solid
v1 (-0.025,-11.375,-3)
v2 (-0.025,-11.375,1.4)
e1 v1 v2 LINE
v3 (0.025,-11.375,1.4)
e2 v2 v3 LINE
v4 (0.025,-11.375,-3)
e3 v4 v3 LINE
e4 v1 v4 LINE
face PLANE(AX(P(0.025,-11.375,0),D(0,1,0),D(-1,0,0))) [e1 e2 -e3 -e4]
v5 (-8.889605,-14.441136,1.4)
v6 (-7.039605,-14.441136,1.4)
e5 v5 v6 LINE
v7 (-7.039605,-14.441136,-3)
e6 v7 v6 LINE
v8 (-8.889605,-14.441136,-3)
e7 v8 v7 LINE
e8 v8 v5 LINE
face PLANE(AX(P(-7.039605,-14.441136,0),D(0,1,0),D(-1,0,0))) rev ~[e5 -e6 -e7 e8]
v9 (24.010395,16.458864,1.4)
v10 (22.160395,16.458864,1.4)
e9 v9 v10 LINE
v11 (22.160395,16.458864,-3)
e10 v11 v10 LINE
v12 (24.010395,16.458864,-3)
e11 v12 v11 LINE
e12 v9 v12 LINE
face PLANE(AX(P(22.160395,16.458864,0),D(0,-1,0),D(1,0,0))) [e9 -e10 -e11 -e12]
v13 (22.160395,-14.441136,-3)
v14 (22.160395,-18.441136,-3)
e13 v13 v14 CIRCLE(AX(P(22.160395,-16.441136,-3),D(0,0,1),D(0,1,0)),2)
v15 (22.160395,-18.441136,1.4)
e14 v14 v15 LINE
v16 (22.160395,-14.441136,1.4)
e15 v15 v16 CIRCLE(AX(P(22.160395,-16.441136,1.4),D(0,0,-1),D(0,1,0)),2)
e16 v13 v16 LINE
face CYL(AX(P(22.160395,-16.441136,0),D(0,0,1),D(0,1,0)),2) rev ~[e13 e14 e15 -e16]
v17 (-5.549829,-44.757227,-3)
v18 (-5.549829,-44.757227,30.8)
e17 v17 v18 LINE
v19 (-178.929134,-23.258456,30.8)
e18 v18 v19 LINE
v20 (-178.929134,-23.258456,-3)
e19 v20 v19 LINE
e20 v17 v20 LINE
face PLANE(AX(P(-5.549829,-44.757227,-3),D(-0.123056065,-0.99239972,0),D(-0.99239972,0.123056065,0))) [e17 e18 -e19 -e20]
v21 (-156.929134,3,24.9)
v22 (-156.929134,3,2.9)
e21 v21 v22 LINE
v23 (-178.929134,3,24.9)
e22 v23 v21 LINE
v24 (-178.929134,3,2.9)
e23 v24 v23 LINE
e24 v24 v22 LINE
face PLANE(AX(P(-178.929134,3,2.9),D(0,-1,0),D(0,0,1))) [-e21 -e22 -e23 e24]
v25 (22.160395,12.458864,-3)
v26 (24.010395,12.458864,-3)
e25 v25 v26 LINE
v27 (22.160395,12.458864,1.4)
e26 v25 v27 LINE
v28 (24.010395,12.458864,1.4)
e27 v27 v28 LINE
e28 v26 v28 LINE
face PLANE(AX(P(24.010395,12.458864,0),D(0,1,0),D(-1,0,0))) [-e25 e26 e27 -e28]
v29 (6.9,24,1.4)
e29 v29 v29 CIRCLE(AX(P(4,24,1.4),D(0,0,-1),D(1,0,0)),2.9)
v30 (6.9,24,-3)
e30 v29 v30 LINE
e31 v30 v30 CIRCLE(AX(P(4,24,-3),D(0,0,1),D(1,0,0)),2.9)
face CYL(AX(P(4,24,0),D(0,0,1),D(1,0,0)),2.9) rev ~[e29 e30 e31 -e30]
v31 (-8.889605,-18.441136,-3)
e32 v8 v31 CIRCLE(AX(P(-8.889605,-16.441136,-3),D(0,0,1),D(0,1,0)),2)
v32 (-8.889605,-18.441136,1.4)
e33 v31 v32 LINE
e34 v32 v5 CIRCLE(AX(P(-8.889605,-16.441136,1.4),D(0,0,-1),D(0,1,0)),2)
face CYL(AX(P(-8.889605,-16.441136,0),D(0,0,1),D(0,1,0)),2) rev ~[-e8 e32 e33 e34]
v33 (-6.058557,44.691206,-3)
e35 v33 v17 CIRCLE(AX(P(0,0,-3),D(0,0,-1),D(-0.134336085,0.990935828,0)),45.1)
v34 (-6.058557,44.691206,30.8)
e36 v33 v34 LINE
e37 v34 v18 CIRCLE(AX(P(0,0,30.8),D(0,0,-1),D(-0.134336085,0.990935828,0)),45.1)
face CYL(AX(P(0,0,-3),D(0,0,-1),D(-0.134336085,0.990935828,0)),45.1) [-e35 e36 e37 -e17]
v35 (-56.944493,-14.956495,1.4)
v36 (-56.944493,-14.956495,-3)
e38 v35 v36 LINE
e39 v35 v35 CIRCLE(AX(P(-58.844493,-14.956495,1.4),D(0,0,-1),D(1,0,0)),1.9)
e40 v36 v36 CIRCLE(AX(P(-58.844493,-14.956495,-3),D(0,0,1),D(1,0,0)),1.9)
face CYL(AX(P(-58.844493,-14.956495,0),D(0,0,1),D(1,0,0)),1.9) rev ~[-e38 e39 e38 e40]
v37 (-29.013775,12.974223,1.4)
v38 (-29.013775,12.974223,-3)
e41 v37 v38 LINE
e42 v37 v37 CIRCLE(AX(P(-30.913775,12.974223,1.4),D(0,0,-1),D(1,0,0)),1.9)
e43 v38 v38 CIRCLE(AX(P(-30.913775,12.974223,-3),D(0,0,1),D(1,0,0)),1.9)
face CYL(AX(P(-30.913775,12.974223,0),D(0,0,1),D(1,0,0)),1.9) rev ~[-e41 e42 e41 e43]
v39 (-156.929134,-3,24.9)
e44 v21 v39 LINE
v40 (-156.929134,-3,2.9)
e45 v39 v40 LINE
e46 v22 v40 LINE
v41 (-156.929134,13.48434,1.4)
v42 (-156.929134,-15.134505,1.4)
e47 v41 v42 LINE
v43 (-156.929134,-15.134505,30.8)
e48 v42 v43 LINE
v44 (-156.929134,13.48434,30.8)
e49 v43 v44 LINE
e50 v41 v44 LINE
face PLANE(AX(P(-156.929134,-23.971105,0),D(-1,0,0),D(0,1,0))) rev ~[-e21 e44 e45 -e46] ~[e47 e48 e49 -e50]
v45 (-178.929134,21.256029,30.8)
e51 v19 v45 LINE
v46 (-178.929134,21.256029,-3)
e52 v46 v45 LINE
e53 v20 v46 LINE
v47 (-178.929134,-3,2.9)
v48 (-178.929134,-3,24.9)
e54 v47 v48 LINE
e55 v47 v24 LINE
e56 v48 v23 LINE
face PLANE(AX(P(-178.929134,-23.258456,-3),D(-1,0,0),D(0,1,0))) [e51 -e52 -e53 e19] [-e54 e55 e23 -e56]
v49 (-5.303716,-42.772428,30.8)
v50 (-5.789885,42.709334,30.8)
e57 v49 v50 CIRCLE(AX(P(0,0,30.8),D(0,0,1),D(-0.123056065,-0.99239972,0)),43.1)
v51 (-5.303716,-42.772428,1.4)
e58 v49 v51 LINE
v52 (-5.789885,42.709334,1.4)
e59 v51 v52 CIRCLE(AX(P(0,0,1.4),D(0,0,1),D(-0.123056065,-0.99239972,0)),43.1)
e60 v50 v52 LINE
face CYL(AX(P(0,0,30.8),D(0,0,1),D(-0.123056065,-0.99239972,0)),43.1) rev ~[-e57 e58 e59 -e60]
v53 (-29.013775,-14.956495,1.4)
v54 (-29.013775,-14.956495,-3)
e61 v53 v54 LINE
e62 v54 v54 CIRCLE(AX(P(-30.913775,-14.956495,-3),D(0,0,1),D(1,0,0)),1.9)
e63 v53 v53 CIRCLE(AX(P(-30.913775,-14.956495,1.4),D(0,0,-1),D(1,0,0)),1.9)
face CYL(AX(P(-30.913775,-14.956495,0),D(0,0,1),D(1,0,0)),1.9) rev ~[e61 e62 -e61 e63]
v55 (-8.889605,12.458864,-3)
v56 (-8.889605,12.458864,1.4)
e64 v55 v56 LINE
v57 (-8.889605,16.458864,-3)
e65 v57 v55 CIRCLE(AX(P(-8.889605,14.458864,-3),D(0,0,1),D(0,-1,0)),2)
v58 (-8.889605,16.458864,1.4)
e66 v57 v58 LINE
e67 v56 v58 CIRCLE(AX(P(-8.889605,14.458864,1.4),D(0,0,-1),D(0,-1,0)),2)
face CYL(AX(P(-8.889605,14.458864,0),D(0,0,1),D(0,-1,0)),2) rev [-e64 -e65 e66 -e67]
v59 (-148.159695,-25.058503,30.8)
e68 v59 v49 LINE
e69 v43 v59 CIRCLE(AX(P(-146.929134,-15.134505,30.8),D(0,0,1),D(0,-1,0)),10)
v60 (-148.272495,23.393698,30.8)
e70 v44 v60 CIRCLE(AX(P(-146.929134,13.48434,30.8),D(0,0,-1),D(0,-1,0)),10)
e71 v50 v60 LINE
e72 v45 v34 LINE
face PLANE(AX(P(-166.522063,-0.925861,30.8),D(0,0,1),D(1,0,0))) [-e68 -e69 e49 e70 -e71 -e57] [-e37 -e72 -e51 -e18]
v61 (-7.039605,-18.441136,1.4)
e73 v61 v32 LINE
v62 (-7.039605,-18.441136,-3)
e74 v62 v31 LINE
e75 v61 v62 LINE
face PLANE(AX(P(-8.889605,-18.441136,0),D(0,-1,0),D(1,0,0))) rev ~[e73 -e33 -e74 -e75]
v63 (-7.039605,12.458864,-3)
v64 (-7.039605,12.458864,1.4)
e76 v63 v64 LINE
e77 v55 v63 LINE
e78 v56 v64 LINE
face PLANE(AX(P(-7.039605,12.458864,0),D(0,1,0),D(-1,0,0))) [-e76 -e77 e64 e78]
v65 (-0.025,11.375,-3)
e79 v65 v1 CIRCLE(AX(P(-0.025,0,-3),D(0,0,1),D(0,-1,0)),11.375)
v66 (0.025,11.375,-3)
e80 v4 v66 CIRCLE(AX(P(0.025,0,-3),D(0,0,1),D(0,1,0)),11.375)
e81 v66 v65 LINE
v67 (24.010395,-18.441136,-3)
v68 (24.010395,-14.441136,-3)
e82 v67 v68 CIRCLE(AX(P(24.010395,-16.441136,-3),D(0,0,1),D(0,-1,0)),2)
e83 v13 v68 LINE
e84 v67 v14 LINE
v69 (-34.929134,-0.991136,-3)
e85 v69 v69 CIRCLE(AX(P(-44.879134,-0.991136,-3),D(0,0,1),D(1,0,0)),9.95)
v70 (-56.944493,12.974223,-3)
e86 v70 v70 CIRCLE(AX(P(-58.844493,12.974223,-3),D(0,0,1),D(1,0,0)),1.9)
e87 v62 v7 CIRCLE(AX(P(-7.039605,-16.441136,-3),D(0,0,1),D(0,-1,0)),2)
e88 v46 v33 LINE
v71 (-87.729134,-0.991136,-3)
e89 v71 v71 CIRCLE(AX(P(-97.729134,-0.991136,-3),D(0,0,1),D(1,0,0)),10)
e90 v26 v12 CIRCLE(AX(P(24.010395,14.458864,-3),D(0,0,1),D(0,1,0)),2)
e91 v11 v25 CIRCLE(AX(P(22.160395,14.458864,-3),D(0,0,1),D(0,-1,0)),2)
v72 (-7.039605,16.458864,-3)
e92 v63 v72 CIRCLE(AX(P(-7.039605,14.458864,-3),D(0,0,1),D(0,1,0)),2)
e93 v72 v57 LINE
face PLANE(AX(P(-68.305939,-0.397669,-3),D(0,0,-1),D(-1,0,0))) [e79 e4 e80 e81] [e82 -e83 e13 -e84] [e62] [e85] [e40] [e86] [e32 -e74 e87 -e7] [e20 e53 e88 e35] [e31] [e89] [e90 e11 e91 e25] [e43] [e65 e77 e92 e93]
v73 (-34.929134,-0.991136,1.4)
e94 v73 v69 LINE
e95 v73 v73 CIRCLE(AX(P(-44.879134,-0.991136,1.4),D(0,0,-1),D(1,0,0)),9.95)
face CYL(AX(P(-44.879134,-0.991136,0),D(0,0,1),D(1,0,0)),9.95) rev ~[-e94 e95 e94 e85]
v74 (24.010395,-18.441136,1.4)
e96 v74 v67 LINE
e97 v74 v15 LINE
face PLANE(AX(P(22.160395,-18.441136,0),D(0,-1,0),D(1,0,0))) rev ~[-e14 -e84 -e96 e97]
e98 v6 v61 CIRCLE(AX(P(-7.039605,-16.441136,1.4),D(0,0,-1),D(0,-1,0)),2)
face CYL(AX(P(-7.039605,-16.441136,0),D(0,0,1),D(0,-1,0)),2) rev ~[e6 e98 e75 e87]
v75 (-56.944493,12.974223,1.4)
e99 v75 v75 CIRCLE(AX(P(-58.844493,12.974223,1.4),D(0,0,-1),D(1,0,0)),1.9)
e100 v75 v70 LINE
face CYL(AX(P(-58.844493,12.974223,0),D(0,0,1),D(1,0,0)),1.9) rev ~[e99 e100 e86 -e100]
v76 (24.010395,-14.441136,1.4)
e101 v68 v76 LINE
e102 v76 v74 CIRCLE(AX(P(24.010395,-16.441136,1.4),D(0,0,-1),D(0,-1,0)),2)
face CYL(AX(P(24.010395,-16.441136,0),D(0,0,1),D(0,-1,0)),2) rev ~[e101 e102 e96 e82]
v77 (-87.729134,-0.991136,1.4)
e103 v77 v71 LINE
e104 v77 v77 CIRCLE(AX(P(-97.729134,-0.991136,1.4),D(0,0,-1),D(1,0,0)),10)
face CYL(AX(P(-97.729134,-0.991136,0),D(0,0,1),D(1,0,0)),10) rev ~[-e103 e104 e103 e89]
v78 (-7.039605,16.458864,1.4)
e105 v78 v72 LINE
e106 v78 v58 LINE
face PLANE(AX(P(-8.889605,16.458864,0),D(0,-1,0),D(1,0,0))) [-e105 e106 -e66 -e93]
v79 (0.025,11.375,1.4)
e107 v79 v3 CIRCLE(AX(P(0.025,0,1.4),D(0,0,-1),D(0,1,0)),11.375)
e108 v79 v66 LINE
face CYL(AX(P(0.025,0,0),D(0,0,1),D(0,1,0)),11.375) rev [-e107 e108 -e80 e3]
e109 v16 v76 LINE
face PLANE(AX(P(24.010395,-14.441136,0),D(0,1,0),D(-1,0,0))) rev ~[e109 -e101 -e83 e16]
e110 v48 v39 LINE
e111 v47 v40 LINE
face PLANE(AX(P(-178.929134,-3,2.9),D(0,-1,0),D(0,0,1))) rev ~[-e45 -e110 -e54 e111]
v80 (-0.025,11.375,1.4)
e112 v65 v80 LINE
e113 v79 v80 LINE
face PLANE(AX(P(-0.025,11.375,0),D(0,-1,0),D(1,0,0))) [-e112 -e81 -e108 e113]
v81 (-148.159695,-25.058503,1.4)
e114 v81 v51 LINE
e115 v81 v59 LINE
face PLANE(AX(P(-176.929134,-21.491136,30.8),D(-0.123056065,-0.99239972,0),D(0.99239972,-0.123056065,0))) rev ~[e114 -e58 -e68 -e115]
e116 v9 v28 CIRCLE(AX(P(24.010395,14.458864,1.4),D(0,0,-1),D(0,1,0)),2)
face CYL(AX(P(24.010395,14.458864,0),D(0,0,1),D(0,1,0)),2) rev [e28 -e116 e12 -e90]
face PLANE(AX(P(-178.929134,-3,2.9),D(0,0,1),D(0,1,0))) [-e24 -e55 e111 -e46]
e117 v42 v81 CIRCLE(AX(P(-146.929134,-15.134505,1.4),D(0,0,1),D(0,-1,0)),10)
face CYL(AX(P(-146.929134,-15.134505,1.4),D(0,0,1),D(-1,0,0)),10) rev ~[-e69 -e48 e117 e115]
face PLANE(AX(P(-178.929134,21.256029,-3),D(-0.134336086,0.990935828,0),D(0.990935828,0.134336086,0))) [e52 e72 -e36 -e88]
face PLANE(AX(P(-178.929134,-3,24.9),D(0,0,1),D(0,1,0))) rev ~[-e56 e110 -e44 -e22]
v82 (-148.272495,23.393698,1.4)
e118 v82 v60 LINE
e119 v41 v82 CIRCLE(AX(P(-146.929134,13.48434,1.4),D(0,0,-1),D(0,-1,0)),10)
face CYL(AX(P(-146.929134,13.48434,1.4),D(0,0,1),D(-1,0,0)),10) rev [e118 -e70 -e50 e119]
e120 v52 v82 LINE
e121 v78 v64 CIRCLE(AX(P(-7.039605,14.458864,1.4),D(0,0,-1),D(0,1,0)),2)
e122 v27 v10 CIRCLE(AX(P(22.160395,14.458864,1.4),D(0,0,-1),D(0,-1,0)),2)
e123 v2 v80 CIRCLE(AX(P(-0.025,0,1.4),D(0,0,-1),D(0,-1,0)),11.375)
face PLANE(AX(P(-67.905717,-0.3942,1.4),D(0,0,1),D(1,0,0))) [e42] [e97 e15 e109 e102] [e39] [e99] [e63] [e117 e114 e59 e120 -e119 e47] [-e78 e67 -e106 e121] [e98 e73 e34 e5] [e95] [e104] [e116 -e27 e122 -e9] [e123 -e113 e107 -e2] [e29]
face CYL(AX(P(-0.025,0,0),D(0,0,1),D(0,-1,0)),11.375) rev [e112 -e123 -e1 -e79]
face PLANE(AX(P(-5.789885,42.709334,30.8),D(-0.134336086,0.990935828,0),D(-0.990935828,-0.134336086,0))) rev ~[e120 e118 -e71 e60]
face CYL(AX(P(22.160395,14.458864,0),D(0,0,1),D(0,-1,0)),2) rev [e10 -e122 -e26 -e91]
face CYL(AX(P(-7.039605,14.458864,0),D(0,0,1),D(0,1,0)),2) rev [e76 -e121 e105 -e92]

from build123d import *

# Parameters (mm, degrees)
ESBO_O1_R                  = 9.95
ESBO_O1_R_2                = 1.9
ESBO_O1_R_3                = 10
ESBO_O1_R_4                = 2.9
RESSALTO_EXTRUS_O1_DEPTH   = 30.8
ESBO_O1_3_R                = 9.95
ESBO_O1_3_R_2              = 1.9
ESBO_O1_3_R_3              = 10
ESBO_O1_3_R_4              = 2.9
RESSALTO_EXTRUS_O2_DEPTH   = 3
RESSALTO_EXTRUS_O4_DEPTH   = 33.8
CORTE_EXTRUS_O1_DEPTH      = 29.4
ESBO_O1_4_R                = 9.95
ESBO_O1_4_R_2              = 1.9
ESBO_O1_4_R_3              = 10
ESBO_O1_4_R_4              = 2.9
CORTE_EXTRUS_O2_DEPTH      = 31.8
CORTE_EXTRUS_O2_DEPTH_BACK = 4
RESSALTO_EXTRUS_O5_DEPTH   = 30.8
FILETE1_R                  = 10
CORTE_EXTRUS_O3_REACH      = 226.029
ESBO_O5_W                  = 22
ESBO_O5_H                  = 6


with BuildPart() as part:
    # Esboço1 → Ressalto-extrusão1 (new body)
    with BuildSketch(Plane.XY):
        with BuildLine():
            Line((-176.929134073, 19.50886441), (-176.929134073, -21.49113559))
            Line((-176.929134073, -21.49113559), (-5.303716409, -42.772427944))
            ThreePointArc((-5.303716409, -42.772427944), (43.09930295, 0.245122927), (-5.789885285, 42.709334207))
            Line((-5.789885285, 42.709334207), (-176.929134073, 19.50886441))
        make_face()
        with Locations((-44.879134073, -0.99113559)):
            Circle(ESBO_O1_R, mode=Mode.SUBTRACT)
        with Locations((-58.844493002, 12.974223338)):
            Circle(ESBO_O1_R_2, mode=Mode.SUBTRACT)
        with Locations((-97.729134073, -0.99113559)):
            Circle(ESBO_O1_R_3, mode=Mode.SUBTRACT)
        with Locations((-58.844493002, -14.956494518)):
            Circle(ESBO_O1_R_2, mode=Mode.SUBTRACT)
        with Locations((4, 24)):
            Circle(ESBO_O1_R_4, mode=Mode.SUBTRACT)
        with BuildLine():
            Line((22.160394843, 16.45886441), (24.010394843, 16.45886441))
            ThreePointArc((24.010394843, 16.45886441), (26.010394843, 14.45886441), (24.010394843, 12.45886441))
            Line((24.010394843, 12.45886441), (22.160394843, 12.45886441))
            ThreePointArc((22.160394843, 12.45886441), (20.160394843, 14.45886441), (22.160394843, 16.45886441))
        make_face(mode=Mode.SUBTRACT)
        with Locations((-30.913775145, -14.956494518)):
            Circle(ESBO_O1_R_2, mode=Mode.SUBTRACT)
        with BuildLine():
            Line((-7.039605157, -18.44113559), (-8.889605157, -18.44113559))
            ThreePointArc((-8.889605157, -18.44113559), (-10.889605157, -16.44113559), (-8.889605157, -14.44113559))
            Line((-8.889605157, -14.44113559), (-7.039605157, -14.44113559))
            ThreePointArc((-7.039605157, -14.44113559), (-5.039605157, -16.44113559), (-7.039605157, -18.44113559))
        make_face(mode=Mode.SUBTRACT)
        with BuildLine():
            Line((24.010394843, -18.44113559), (22.160394843, -18.44113559))
            ThreePointArc((22.160394843, -18.44113559), (20.160394843, -16.44113559), (22.160394843, -14.44113559))
            Line((22.160394843, -14.44113559), (24.010394843, -14.44113559))
            ThreePointArc((24.010394843, -14.44113559), (26.010394843, -16.44113559), (24.010394843, -18.44113559))
        make_face(mode=Mode.SUBTRACT)
        with Locations((-30.913775145, 12.974223338)):
            Circle(ESBO_O1_R_2, mode=Mode.SUBTRACT)
        with BuildLine():
            ThreePointArc((-0.025, -11.375), (-11.4, 0), (-0.025, 11.375))
            Line((-0.025, 11.375), (0.025, 11.375))
            ThreePointArc((0.025, 11.375), (11.4, 0), (0.025, -11.375))
            Line((0.025, -11.375), (-0.025, -11.375))
        make_face(mode=Mode.SUBTRACT)
        with BuildLine():
            ThreePointArc((-8.889605157, 12.45886441), (-10.889605157, 14.45886441), (-8.889605157, 16.45886441))
            Line((-8.889605157, 16.45886441), (-7.039605157, 16.45886441))
            ThreePointArc((-7.039605157, 16.45886441), (-5.039605157, 14.45886441), (-7.039605157, 12.45886441))
            Line((-7.039605157, 12.45886441), (-8.889605157, 12.45886441))
        make_face(mode=Mode.SUBTRACT)
    extrude(amount=RESSALTO_EXTRUS_O1_DEPTH)

    # Esboço1<3> → Ressalto-extrusão2 (add)
    with BuildSketch(Plane.XY):
        with BuildLine():
            Line((-176.929134073, 19.50886441), (-176.929134073, -21.49113559))
            Line((-176.929134073, -21.49113559), (-5.303716409, -42.772427944))
            ThreePointArc((-5.303716409, -42.772427944), (43.09930295, 0.245122927), (-5.789885285, 42.709334207))
            Line((-5.789885285, 42.709334207), (-176.929134073, 19.50886441))
        make_face()
        with Locations((-44.879134073, -0.99113559)):
            Circle(ESBO_O1_3_R, mode=Mode.SUBTRACT)
        with Locations((-58.844493002, 12.974223338)):
            Circle(ESBO_O1_3_R_2, mode=Mode.SUBTRACT)
        with Locations((-97.729134073, -0.99113559)):
            Circle(ESBO_O1_3_R_3, mode=Mode.SUBTRACT)
        with Locations((-58.844493002, -14.956494518)):
            Circle(ESBO_O1_3_R_2, mode=Mode.SUBTRACT)
        with Locations((4, 24)):
            Circle(ESBO_O1_3_R_4, mode=Mode.SUBTRACT)
        with BuildLine():
            Line((22.160394843, 16.45886441), (24.010394843, 16.45886441))
            ThreePointArc((24.010394843, 16.45886441), (26.010394843, 14.45886441), (24.010394843, 12.45886441))
            Line((24.010394843, 12.45886441), (22.160394843, 12.45886441))
            ThreePointArc((22.160394843, 12.45886441), (20.160394843, 14.45886441), (22.160394843, 16.45886441))
        make_face(mode=Mode.SUBTRACT)
        with Locations((-30.913775145, -14.956494518)):
            Circle(ESBO_O1_3_R_2, mode=Mode.SUBTRACT)
        with BuildLine():
            Line((-7.039605157, -18.44113559), (-8.889605157, -18.44113559))
            ThreePointArc((-8.889605157, -18.44113559), (-10.889605157, -16.44113559), (-8.889605157, -14.44113559))
            Line((-8.889605157, -14.44113559), (-7.039605157, -14.44113559))
            ThreePointArc((-7.039605157, -14.44113559), (-5.039605157, -16.44113559), (-7.039605157, -18.44113559))
        make_face(mode=Mode.SUBTRACT)
        with BuildLine():
            Line((24.010394843, -18.44113559), (22.160394843, -18.44113559))
            ThreePointArc((22.160394843, -18.44113559), (20.160394843, -16.44113559), (22.160394843, -14.44113559))
            Line((22.160394843, -14.44113559), (24.010394843, -14.44113559))
            ThreePointArc((24.010394843, -14.44113559), (26.010394843, -16.44113559), (24.010394843, -18.44113559))
        make_face(mode=Mode.SUBTRACT)
        with Locations((-30.913775145, 12.974223338)):
            Circle(ESBO_O1_3_R_2, mode=Mode.SUBTRACT)
        with BuildLine():
            ThreePointArc((-0.025, -11.375), (-11.4, 0), (-0.025, 11.375))
            Line((-0.025, 11.375), (0.025, 11.375))
            ThreePointArc((0.025, 11.375), (11.4, 0), (0.025, -11.375))
            Line((0.025, -11.375), (-0.025, -11.375))
        make_face(mode=Mode.SUBTRACT)
        with BuildLine():
            ThreePointArc((-8.889605157, 12.45886441), (-10.889605157, 14.45886441), (-8.889605157, 16.45886441))
            Line((-8.889605157, 16.45886441), (-7.039605157, 16.45886441))
            ThreePointArc((-7.039605157, 16.45886441), (-5.039605157, 14.45886441), (-7.039605157, 12.45886441))
            Line((-7.039605157, 12.45886441), (-8.889605157, 12.45886441))
        make_face(mode=Mode.SUBTRACT)
    extrude(amount=-RESSALTO_EXTRUS_O2_DEPTH)

    # Esboço4 → Ressalto-extrusão4 (add, through all)
    with BuildSketch(Plane(origin=(0, 0, -3), x_dir=(-1, 0, 0), z_dir=(0, 0, -1))):
        with BuildLine():
            Line((5.549828539, -44.757227385), (178.929134073, -23.258455586))
            Line((178.929134073, -23.258455586), (178.929134073, 21.256028837))
            Line((178.929134073, 21.256028837), (6.058557456, 44.691205864))
            ThreePointArc((6.058557456, 44.691205864), (-45.099270604, 0.25649754), (5.549828539, -44.757227385))
        make_face()
    extrude(amount=-RESSALTO_EXTRUS_O4_DEPTH)

    # Esboço2 → Corte-extrusão1 (cut)
    with BuildSketch(Plane.XY.offset(30.8)):
        with BuildLine():
            Line((-5.789885285, 42.709334207), (-176.929134073, 19.50886441))
            Line((-176.929134073, 19.50886441), (-176.929134073, -21.49113559))
            Line((-176.929134073, -21.49113559), (-5.303716409, -42.772427944))
            ThreePointArc((-5.303716409, -42.772427944), (43.09930295, 0.245122927), (-5.789885285, 42.709334207))
        make_face()
    extrude(amount=-CORTE_EXTRUS_O1_DEPTH, mode=Mode.SUBTRACT)

    # Esboço1<4> → Corte-extrusão2 (cut, two sides)
    with BuildSketch(Plane.XY) as corte_extrus_o2_sk:
        with Locations((-44.879134073, -0.99113559)):
            Circle(ESBO_O1_4_R)
        with Locations((-30.913775145, 12.974223338)):
            Circle(ESBO_O1_4_R_2)
        with Locations((-58.844493002, -14.956494518)):
            Circle(ESBO_O1_4_R_2)
        with Locations((-30.913775145, -14.956494518)):
            Circle(ESBO_O1_4_R_2)
        with Locations((-58.844493002, 12.974223338)):
            Circle(ESBO_O1_4_R_2)
        with Locations((-97.729134073, -0.99113559)):
            Circle(ESBO_O1_4_R_3)
        with Locations((4, 24)):
            Circle(ESBO_O1_4_R_4)
        with BuildLine():
            Line((-0.025, 11.375), (0.025, 11.375))
            ThreePointArc((0.025, 11.375), (11.4, 0), (0.025, -11.375))
            Line((0.025, -11.375), (-0.025, -11.375))
            ThreePointArc((-0.025, -11.375), (-11.4, 0), (-0.025, 11.375))
        make_face()
        with BuildLine():
            Line((22.160394843, 16.45886441), (24.010394843, 16.45886441))
            ThreePointArc((24.010394843, 16.45886441), (26.010394843, 14.45886441), (24.010394843, 12.45886441))
            Line((24.010394843, 12.45886441), (22.160394843, 12.45886441))
            ThreePointArc((22.160394843, 12.45886441), (20.160394843, 14.45886441), (22.160394843, 16.45886441))
        make_face()
        with BuildLine():
            Line((-8.889605157, 16.45886441), (-7.039605157, 16.45886441))
            ThreePointArc((-7.039605157, 16.45886441), (-5.039605157, 14.45886441), (-7.039605157, 12.45886441))
            Line((-7.039605157, 12.45886441), (-8.889605157, 12.45886441))
            ThreePointArc((-8.889605157, 12.45886441), (-10.889605157, 14.45886441), (-8.889605157, 16.45886441))
        make_face()
        with BuildLine():
            Line((22.160394843, -18.44113559), (24.010394843, -18.44113559))
            ThreePointArc((24.010394843, -18.44113559), (26.010394843, -16.44113559), (24.010394843, -14.44113559))
            Line((24.010394843, -14.44113559), (22.160394843, -14.44113559))
            ThreePointArc((22.160394843, -14.44113559), (20.160394843, -16.44113559), (22.160394843, -18.44113559))
        make_face()
        with BuildLine():
            Line((-8.889605157, -18.44113559), (-7.039605157, -18.44113559))
            ThreePointArc((-7.039605157, -18.44113559), (-5.039605157, -16.44113559), (-7.039605157, -14.44113559))
            Line((-7.039605157, -14.44113559), (-8.889605157, -14.44113559))
            ThreePointArc((-8.889605157, -14.44113559), (-10.889605157, -16.44113559), (-8.889605157, -18.44113559))
        make_face()
    extrude(amount=CORTE_EXTRUS_O2_DEPTH, mode=Mode.SUBTRACT)
    extrude(corte_extrus_o2_sk.sketch, amount=-CORTE_EXTRUS_O2_DEPTH_BACK, mode=Mode.SUBTRACT)

    # Esboço1<5> → Ressalto-extrusão5 (add, through all)
    with BuildSketch(Plane.XY):
        Polygon((-156.929134073, 22.220161785), (-176.929134073, 19.50886441), (-176.929134073, -21.49113559), (-156.929134073, -23.971105357), align=None)
    extrude(amount=RESSALTO_EXTRUS_O5_DEPTH)

    # Filete1
    filete1_edges = [part.edges().sort_by_distance(p)[0] for p in [
        (-156.929134073, -23.971105357, 16.1),
        (-156.929134073, 22.220161785, 16.1),
    ]]
    fillet(filete1_edges, radius=FILETE1_R)

    # Esboço5 → Corte-extrusão3 (cut, up to next)
    with BuildSketch(Plane.ZY.offset(178.929134073), mode=Mode.PRIVATE) as corte_extrus_o3_sk1:
        with Locations((13.9, 0)):
            Rectangle(ESBO_O5_W, ESBO_O5_H)
    corte_extrus_o3_tool1 = extrude(corte_extrus_o3_sk1.sketch, amount=-CORTE_EXTRUS_O3_REACH, mode=Mode.PRIVATE) & part.part
    add(corte_extrus_o3_tool1.solids().sort_by_distance((-178.929134, 0, 13.9))[0], mode=Mode.SUBTRACT)


solid = part.part
